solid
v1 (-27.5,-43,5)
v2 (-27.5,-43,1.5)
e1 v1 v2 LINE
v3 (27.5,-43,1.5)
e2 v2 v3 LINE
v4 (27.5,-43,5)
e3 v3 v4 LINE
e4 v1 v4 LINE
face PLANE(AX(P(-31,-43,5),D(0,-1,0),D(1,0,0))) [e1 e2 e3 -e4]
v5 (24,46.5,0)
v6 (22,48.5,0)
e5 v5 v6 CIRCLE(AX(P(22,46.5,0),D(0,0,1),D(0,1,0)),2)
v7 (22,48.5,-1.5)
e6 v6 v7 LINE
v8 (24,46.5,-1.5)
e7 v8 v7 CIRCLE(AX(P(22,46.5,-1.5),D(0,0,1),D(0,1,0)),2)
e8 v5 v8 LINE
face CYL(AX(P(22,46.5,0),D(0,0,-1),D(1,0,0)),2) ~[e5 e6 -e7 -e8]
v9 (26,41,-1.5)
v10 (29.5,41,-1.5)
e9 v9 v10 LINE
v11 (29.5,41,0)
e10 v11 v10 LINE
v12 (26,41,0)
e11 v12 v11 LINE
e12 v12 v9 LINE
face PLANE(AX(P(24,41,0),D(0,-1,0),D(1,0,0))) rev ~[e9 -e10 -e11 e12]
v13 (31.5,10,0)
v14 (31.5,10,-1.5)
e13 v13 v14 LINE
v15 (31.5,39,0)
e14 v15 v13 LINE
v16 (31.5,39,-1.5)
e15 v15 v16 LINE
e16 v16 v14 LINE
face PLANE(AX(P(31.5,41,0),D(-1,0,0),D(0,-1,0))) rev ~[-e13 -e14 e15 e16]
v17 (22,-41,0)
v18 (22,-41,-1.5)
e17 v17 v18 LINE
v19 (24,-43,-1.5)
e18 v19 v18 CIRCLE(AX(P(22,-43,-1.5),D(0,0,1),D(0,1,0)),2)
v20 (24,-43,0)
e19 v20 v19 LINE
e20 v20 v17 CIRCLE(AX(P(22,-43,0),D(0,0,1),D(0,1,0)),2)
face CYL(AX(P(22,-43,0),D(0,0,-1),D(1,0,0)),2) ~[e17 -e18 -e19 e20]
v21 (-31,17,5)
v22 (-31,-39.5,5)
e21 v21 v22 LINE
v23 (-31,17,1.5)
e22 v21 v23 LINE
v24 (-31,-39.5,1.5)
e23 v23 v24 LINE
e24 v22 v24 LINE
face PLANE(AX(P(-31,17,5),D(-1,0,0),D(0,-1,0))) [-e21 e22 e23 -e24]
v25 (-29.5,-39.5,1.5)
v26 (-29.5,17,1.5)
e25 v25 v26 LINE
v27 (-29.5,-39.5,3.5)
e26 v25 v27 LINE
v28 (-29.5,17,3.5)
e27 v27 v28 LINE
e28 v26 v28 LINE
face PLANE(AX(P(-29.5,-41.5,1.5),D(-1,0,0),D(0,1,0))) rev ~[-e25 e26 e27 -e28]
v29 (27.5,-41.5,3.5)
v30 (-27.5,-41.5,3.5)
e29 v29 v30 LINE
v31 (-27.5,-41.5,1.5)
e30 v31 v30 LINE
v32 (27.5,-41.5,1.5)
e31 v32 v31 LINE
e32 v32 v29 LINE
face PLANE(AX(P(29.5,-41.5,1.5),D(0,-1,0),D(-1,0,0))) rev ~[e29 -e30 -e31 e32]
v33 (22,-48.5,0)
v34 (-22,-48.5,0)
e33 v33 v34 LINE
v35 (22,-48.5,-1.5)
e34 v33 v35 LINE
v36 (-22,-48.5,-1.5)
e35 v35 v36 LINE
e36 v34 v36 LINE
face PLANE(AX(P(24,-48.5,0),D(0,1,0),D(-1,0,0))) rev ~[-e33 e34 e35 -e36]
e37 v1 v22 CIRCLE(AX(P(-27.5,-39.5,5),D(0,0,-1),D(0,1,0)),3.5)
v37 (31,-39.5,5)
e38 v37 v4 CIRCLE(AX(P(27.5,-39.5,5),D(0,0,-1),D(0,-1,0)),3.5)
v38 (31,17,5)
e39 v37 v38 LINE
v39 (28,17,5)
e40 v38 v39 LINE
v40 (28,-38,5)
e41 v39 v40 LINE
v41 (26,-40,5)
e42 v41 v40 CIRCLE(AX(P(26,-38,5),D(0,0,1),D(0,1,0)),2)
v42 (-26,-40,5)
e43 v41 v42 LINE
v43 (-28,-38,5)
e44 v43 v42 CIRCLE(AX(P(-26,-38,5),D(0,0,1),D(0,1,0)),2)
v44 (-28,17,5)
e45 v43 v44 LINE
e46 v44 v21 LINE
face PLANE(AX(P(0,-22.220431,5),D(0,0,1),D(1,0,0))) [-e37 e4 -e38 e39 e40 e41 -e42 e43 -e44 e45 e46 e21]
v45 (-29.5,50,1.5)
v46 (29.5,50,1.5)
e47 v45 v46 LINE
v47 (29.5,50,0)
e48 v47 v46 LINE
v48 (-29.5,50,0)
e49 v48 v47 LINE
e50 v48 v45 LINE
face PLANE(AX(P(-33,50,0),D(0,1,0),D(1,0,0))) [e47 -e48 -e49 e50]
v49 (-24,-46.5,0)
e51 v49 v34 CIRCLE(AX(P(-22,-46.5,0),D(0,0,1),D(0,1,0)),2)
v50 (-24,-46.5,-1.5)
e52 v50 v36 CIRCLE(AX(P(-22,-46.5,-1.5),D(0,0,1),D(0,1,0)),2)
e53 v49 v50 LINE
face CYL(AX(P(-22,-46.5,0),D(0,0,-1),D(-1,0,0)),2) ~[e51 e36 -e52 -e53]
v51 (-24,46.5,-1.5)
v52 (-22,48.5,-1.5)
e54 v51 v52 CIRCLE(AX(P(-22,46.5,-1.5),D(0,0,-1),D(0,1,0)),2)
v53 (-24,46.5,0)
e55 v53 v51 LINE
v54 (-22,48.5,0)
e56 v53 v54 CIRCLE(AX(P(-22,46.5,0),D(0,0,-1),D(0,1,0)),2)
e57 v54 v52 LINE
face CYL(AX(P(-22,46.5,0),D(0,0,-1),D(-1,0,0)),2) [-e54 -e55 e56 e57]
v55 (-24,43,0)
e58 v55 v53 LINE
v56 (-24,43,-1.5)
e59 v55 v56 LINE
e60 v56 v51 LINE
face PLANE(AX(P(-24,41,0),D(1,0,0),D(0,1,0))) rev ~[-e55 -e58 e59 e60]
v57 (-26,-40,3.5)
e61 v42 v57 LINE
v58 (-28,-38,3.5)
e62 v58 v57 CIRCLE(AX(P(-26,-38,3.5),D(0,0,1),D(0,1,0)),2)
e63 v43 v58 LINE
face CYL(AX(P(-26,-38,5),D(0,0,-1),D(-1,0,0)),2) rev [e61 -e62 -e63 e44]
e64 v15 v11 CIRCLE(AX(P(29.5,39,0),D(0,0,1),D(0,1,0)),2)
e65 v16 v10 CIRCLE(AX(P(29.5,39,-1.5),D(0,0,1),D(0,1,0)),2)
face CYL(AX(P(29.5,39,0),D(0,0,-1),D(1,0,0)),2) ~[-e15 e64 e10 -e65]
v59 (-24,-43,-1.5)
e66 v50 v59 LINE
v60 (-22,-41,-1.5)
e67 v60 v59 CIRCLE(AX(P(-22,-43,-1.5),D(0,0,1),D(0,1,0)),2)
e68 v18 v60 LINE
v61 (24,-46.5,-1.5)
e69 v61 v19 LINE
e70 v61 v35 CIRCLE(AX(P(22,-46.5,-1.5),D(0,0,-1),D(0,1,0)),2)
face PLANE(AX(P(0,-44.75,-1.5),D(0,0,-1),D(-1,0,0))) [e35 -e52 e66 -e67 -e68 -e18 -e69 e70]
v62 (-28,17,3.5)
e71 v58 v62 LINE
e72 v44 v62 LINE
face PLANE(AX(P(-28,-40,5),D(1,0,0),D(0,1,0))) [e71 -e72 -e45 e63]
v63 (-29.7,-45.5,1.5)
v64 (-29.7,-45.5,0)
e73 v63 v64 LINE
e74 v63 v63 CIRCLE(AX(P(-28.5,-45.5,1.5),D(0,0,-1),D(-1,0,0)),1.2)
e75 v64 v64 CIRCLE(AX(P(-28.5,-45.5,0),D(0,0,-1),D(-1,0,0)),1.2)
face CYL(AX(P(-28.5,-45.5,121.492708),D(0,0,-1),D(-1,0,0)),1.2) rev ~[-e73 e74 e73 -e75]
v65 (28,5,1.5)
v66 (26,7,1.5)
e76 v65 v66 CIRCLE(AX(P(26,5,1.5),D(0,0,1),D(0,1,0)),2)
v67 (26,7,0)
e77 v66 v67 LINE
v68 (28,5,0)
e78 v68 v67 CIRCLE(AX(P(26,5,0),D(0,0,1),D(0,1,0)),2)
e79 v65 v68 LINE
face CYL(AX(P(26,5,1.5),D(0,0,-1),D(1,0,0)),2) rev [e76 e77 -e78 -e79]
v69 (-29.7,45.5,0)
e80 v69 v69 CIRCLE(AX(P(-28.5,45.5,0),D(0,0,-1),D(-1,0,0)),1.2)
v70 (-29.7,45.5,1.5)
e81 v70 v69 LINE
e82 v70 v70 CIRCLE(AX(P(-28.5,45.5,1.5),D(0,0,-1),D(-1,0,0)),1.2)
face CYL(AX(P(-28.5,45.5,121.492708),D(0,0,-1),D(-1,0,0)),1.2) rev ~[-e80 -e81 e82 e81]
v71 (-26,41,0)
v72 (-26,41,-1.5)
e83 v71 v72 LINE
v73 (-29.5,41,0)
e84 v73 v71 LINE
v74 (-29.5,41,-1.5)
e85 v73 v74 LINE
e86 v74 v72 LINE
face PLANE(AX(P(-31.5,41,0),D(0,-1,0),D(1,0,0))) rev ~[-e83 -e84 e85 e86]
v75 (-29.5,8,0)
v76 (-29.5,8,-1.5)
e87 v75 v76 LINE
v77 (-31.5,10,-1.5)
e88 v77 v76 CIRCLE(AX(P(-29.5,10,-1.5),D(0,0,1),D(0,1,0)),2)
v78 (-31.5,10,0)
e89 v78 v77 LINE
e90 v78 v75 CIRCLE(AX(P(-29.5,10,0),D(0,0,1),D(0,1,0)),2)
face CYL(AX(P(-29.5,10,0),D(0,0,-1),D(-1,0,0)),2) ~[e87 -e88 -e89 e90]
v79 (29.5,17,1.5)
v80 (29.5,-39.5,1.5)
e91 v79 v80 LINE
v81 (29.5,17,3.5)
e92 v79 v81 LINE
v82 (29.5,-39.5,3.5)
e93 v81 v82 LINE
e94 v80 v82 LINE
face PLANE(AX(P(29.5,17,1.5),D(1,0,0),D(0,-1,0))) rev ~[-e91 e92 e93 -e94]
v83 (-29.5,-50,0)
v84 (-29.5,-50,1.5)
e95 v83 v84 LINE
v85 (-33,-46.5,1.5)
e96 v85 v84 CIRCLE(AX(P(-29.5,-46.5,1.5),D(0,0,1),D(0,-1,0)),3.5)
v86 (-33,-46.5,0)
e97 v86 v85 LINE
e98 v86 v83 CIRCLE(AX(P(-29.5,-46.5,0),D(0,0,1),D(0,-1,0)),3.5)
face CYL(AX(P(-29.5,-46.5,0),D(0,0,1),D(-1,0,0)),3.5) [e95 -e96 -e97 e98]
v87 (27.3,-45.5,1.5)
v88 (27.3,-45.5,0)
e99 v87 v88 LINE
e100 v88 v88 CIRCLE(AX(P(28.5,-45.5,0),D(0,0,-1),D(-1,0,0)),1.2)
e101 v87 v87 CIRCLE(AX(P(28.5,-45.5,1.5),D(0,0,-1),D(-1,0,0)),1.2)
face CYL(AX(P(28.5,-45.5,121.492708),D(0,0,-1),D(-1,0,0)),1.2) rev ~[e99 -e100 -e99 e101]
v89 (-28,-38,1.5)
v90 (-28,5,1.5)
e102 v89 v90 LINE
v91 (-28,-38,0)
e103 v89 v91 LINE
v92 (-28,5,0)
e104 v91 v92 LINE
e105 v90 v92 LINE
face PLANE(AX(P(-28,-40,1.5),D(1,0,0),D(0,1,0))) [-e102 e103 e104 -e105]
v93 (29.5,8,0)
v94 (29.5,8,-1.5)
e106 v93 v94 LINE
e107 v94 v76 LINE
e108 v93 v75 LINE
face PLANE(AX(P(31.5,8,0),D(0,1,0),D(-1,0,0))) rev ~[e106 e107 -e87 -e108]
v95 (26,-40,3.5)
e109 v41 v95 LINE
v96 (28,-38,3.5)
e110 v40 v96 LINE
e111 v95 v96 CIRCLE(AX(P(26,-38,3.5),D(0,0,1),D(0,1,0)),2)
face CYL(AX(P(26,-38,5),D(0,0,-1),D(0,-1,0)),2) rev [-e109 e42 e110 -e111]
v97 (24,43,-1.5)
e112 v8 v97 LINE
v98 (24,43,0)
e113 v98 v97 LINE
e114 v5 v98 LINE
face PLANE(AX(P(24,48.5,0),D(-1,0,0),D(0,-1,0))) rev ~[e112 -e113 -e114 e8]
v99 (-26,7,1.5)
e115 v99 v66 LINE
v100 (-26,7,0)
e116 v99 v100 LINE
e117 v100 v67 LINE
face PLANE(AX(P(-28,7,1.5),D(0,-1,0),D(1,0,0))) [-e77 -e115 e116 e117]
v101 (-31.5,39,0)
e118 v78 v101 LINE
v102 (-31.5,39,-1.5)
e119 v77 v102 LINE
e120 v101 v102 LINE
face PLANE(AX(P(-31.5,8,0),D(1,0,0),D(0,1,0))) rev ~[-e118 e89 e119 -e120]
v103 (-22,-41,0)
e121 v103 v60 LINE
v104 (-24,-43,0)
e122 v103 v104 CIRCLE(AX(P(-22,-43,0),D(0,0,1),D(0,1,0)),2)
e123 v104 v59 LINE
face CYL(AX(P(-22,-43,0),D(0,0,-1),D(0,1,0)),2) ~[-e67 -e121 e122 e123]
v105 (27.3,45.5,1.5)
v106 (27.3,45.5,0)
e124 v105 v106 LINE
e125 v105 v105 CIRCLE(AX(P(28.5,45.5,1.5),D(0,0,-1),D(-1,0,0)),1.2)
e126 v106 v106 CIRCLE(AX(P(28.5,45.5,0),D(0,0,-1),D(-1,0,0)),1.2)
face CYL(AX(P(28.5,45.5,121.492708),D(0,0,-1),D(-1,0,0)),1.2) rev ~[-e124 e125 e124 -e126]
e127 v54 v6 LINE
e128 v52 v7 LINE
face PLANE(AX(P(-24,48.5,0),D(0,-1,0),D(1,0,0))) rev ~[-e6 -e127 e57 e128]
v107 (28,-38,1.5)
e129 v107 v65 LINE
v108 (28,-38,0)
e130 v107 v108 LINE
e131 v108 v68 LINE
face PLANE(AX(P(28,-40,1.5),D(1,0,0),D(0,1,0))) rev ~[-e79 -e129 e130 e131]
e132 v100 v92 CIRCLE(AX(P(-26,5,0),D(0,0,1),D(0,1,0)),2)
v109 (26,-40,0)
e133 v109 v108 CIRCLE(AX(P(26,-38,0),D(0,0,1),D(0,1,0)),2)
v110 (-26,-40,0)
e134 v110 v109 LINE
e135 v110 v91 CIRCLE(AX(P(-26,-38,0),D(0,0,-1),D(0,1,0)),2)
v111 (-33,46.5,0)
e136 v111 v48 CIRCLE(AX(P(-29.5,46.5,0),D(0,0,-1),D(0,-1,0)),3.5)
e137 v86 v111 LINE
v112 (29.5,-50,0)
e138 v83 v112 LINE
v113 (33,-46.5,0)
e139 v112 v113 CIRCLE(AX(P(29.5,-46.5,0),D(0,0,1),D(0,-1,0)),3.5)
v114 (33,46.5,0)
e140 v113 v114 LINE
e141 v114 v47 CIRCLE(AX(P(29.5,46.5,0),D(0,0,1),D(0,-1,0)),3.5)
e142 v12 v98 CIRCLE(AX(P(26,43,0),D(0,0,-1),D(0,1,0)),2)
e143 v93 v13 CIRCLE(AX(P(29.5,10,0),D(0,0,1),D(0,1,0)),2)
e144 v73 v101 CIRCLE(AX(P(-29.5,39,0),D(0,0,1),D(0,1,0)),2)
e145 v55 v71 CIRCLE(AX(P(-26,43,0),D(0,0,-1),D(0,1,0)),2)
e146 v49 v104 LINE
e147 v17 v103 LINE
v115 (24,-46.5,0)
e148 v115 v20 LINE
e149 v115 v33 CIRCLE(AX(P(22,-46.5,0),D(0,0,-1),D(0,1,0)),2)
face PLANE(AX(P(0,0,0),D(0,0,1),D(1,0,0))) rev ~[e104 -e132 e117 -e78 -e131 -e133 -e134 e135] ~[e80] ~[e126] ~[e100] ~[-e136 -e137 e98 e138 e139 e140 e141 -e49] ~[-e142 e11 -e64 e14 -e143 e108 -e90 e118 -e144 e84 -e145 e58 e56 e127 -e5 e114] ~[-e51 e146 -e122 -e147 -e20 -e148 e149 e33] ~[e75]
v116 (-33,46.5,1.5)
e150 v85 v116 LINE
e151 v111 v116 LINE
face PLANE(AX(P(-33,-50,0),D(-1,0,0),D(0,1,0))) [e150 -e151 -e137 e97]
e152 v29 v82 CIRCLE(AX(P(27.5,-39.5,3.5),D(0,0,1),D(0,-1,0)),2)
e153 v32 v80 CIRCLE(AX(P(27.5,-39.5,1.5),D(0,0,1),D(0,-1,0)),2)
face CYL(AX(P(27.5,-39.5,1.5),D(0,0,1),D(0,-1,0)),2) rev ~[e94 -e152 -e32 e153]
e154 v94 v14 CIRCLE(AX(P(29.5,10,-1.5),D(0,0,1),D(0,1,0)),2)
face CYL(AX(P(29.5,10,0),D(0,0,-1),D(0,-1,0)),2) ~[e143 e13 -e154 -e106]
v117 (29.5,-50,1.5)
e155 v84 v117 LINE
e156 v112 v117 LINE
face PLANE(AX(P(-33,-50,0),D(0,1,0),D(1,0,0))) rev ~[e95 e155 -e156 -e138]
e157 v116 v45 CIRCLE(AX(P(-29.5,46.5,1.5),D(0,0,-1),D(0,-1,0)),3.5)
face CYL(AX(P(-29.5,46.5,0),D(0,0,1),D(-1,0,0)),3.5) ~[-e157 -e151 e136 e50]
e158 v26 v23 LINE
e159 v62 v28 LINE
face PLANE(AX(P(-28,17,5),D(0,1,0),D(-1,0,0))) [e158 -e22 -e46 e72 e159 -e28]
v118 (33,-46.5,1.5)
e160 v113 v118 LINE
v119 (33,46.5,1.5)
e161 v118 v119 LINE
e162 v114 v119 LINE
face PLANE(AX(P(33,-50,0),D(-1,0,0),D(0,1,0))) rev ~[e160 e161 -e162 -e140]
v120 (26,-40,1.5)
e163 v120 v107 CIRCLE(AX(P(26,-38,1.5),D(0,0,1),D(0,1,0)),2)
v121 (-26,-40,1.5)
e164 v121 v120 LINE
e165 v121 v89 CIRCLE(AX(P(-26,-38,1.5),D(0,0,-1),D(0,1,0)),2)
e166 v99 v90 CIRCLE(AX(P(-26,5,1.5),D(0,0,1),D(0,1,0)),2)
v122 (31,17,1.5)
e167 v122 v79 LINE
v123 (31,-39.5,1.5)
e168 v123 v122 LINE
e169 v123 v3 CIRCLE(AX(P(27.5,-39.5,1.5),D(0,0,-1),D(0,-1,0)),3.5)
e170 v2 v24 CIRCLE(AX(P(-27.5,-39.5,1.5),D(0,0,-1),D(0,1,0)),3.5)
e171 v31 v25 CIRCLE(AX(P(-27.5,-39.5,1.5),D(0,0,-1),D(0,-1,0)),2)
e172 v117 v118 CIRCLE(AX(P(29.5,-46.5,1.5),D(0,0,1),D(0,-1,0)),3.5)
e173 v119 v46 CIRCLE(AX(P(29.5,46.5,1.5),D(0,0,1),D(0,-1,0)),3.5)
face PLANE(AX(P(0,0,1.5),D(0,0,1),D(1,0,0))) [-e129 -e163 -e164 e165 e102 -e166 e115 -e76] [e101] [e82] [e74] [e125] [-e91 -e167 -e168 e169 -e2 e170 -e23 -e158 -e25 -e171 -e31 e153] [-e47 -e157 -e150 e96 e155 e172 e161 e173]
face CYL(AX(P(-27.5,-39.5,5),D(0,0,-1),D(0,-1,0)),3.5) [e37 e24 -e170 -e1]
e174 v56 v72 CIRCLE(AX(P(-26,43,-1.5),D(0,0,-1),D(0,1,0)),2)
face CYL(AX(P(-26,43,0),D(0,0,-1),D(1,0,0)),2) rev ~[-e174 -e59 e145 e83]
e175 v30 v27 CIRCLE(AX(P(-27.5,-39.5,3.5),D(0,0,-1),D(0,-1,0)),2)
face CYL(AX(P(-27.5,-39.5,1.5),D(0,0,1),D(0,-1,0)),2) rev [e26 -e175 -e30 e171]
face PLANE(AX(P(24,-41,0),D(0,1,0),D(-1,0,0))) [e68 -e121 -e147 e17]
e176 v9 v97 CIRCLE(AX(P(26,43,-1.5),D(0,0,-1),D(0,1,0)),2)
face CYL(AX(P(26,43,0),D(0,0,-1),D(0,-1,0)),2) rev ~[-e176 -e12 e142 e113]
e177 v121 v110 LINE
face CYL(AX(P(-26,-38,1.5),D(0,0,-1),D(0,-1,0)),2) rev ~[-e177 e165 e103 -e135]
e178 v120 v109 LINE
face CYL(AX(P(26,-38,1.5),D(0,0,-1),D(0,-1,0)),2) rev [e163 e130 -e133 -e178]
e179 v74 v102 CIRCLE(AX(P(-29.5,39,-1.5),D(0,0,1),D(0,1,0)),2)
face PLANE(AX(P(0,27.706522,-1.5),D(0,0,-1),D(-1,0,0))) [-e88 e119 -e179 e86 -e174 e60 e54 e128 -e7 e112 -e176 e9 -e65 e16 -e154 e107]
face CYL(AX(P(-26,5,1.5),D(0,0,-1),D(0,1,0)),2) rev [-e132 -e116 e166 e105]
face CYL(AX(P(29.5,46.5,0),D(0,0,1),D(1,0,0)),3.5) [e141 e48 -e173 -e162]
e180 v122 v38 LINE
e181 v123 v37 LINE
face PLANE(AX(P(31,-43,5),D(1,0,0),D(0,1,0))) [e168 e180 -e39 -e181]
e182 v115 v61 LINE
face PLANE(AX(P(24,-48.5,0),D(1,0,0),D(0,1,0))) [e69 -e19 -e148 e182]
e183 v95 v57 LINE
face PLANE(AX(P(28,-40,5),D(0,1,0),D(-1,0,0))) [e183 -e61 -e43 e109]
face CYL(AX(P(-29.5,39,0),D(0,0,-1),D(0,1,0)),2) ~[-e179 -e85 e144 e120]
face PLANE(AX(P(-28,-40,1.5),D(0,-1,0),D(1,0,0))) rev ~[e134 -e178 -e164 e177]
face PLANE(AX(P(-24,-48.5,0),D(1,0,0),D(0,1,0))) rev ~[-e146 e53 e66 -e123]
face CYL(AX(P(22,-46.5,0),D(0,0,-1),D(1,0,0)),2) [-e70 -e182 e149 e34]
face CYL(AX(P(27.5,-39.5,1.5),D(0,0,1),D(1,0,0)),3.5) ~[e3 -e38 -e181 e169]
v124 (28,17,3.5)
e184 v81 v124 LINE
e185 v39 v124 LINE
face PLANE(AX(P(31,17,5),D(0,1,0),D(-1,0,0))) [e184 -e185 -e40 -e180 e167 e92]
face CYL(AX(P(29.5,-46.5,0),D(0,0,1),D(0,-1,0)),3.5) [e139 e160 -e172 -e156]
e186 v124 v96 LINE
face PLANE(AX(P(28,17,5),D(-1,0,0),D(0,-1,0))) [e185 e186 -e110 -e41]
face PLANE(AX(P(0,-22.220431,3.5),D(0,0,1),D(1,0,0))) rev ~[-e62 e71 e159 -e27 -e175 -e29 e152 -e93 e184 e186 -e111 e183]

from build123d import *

# Parameters (mm, degrees)
SKETCH_1_W          = 66
SKETCH_1_H          = 100
EXTRUDE_1_DEPTH     = 1.5
FILLET_1_R          = 3.5
SKETCH_2_W          = 56
SKETCH_2_H          = 47
CUT_EXTRUDE_1_DEPTH = 1.5
FILLET_2_R          = 2
EXTRUDE_2_DEPTH     = 2
FILLET_3_R          = 2
EXTRUDE_START       = 1.5
EXTRUDE_3_DEPTH     = 1.5
FILLET_4_R          = 2
FILLET_5_R          = 3.5
SKETCH_5_W          = 48
SKETCH_5_H          = 7.5
EXTRUDE_4_DEPTH     = 1.5
FILLET_6_R          = 2
HOLE_WIZARD_M21_D   = 2.4


with BuildPart() as part:
    # Эскиз1 → Бобышка-Вытянуть1 (new body)
    with BuildSketch(Plane.XY):
        Rectangle(SKETCH_1_W, SKETCH_1_H)
    extrude(amount=EXTRUDE_1_DEPTH)

    # Скругление1
    fillet_1_edges = [part.edges().sort_by_distance(p)[0] for p in [
        (-33, -50, 0.75),
        (-33, 50, 0.75),
        (33, 50, 0.75),
        (33, -50, 0.75),
    ]]
    fillet(fillet_1_edges, radius=FILLET_1_R)

    # Эскиз2 → Вырез-Вытянуть1 (cut)
    with BuildSketch(Plane.XY.offset(1.5)):
        with Locations((0, -16.5)):
            Rectangle(SKETCH_2_W, SKETCH_2_H)
    extrude(amount=-CUT_EXTRUDE_1_DEPTH, mode=Mode.SUBTRACT)

    # Скругление2
    fillet_2_edges = [part.edges().sort_by_distance(p)[0] for p in [
        (28, 7, 0.75),
        (28, -40, 0.75),
        (-28, -40, 0.75),
        (-28, 7, 0.75),
    ]]
    fillet(fillet_2_edges, radius=FILLET_2_R)

    # Эскиз3 → Бобышка-Вытянуть2 (add)
    with BuildSketch(Plane.XY.offset(1.5)):
        Polygon((29.5, -41.5), (-29.5, -41.5), (-29.5, 17), (-31, 17), (-31, -43), (31, -43), (31, 17), (29.5, 17), align=None)
    extrude(amount=EXTRUDE_2_DEPTH)

    # Скругление3
    fillet_3_edges = [part.edges().sort_by_distance(p)[0] for p in [
        (29.5, -41.5, 2.5),
        (-29.5, -41.5, 2.5),
    ]]
    fillet(fillet_3_edges, radius=FILLET_3_R)

    # Эскиз4 → Бобышка-Вытянуть3 (add)
    with BuildSketch(Plane.XY.offset(3.5).offset(EXTRUDE_START)):
        with BuildLine():
            Line((-31, -43), (31, -43))
            Line((31, -43), (31, 17))
            Line((31, 17), (29.5, 17))
            Line((29.5, 17), (29.5, -39.5))
            ThreePointArc((29.5, -39.5), (28.914213562, -40.914213562), (27.5, -41.5))
            Line((27.5, -41.5), (-27.5, -41.5))
            ThreePointArc((-27.5, -41.5), (-28.914213562, -40.914213562), (-29.5, -39.5))
            Line((-29.5, -39.5), (-29.5, 17))
            Line((-29.5, 17), (-31, 17))
            Line((-31, 17), (-31, -43))
        make_face()
        with BuildLine():
            Line((-28, 17), (-29.5, 17))
            Line((-29.5, 17), (-29.5, -39.5))
            ThreePointArc((-29.5, -39.5), (-28.914213562, -40.914213562), (-27.5, -41.5))
            Line((-27.5, -41.5), (27.5, -41.5))
            ThreePointArc((27.5, -41.5), (28.914213562, -40.914213562), (29.5, -39.5))
            Line((29.5, -39.5), (29.5, 17))
            Line((29.5, 17), (28, 17))
            Line((28, 17), (28, -40))
            Line((28, -40), (-28, -40))
            Line((-28, -40), (-28, 17))
        make_face()
    extrude(amount=-EXTRUDE_3_DEPTH)

    # Скругление4
    fillet_4_edges = [part.edges().sort_by_distance(p)[0] for p in [
        (28, -40, 4.25),
        (-28, -40, 4.25),
    ]]
    fillet(fillet_4_edges, radius=FILLET_4_R)

    # Скругление5
    fillet_5_edges = [part.edges().sort_by_distance(p)[0] for p in [
        (31, -43, 3.25),
        (-31, -43, 3.25),
    ]]
    fillet(fillet_5_edges, radius=FILLET_5_R)

    # Эскиз5 → Бобышка-Вытянуть4 (add)
    with BuildSketch(Plane(origin=(0, 0, 0), x_dir=(-1, 0, 0), z_dir=(0, 0, -1))):
        Polygon((24, 48.5), (-24, 48.5), (-24, 41), (-31.5, 41), (-31.5, 8), (31.5, 8), (31.5, 41), (24, 41), align=None)
        with Locations((0, -44.75)):
            Rectangle(SKETCH_5_W, SKETCH_5_H)
    extrude(amount=EXTRUDE_4_DEPTH)

    # Скругление6
    fillet_6_edges = [part.edges().sort_by_distance(p)[0] for p in [
        (-24, 48.5, -0.75),
        (24, 48.5, -0.75),
        (24, 41, -0.75),
        (31.5, 41, -0.75),
        (31.5, 8, -0.75),
        (-31.5, 8, -0.75),
        (-31.5, 41, -0.75),
        (-24, 41, -0.75),
        (-24, -48.5, -0.75),
        (-24, -41, -0.75),
        (24, -41, -0.75),
        (24, -48.5, -0.75),
    ]]
    fillet(fillet_6_edges, radius=FILLET_6_R)

    # Отверстие с зазором M21 (through all)
    with Locations(Plane.XY.offset(1.5)):
        with Locations((-28.5, 45.5), (28.5, 45.5), (28.5, -45.5), (-28.5, -45.5)):
            Hole(HOLE_WIZARD_M21_D / 2)


solid = part.part
